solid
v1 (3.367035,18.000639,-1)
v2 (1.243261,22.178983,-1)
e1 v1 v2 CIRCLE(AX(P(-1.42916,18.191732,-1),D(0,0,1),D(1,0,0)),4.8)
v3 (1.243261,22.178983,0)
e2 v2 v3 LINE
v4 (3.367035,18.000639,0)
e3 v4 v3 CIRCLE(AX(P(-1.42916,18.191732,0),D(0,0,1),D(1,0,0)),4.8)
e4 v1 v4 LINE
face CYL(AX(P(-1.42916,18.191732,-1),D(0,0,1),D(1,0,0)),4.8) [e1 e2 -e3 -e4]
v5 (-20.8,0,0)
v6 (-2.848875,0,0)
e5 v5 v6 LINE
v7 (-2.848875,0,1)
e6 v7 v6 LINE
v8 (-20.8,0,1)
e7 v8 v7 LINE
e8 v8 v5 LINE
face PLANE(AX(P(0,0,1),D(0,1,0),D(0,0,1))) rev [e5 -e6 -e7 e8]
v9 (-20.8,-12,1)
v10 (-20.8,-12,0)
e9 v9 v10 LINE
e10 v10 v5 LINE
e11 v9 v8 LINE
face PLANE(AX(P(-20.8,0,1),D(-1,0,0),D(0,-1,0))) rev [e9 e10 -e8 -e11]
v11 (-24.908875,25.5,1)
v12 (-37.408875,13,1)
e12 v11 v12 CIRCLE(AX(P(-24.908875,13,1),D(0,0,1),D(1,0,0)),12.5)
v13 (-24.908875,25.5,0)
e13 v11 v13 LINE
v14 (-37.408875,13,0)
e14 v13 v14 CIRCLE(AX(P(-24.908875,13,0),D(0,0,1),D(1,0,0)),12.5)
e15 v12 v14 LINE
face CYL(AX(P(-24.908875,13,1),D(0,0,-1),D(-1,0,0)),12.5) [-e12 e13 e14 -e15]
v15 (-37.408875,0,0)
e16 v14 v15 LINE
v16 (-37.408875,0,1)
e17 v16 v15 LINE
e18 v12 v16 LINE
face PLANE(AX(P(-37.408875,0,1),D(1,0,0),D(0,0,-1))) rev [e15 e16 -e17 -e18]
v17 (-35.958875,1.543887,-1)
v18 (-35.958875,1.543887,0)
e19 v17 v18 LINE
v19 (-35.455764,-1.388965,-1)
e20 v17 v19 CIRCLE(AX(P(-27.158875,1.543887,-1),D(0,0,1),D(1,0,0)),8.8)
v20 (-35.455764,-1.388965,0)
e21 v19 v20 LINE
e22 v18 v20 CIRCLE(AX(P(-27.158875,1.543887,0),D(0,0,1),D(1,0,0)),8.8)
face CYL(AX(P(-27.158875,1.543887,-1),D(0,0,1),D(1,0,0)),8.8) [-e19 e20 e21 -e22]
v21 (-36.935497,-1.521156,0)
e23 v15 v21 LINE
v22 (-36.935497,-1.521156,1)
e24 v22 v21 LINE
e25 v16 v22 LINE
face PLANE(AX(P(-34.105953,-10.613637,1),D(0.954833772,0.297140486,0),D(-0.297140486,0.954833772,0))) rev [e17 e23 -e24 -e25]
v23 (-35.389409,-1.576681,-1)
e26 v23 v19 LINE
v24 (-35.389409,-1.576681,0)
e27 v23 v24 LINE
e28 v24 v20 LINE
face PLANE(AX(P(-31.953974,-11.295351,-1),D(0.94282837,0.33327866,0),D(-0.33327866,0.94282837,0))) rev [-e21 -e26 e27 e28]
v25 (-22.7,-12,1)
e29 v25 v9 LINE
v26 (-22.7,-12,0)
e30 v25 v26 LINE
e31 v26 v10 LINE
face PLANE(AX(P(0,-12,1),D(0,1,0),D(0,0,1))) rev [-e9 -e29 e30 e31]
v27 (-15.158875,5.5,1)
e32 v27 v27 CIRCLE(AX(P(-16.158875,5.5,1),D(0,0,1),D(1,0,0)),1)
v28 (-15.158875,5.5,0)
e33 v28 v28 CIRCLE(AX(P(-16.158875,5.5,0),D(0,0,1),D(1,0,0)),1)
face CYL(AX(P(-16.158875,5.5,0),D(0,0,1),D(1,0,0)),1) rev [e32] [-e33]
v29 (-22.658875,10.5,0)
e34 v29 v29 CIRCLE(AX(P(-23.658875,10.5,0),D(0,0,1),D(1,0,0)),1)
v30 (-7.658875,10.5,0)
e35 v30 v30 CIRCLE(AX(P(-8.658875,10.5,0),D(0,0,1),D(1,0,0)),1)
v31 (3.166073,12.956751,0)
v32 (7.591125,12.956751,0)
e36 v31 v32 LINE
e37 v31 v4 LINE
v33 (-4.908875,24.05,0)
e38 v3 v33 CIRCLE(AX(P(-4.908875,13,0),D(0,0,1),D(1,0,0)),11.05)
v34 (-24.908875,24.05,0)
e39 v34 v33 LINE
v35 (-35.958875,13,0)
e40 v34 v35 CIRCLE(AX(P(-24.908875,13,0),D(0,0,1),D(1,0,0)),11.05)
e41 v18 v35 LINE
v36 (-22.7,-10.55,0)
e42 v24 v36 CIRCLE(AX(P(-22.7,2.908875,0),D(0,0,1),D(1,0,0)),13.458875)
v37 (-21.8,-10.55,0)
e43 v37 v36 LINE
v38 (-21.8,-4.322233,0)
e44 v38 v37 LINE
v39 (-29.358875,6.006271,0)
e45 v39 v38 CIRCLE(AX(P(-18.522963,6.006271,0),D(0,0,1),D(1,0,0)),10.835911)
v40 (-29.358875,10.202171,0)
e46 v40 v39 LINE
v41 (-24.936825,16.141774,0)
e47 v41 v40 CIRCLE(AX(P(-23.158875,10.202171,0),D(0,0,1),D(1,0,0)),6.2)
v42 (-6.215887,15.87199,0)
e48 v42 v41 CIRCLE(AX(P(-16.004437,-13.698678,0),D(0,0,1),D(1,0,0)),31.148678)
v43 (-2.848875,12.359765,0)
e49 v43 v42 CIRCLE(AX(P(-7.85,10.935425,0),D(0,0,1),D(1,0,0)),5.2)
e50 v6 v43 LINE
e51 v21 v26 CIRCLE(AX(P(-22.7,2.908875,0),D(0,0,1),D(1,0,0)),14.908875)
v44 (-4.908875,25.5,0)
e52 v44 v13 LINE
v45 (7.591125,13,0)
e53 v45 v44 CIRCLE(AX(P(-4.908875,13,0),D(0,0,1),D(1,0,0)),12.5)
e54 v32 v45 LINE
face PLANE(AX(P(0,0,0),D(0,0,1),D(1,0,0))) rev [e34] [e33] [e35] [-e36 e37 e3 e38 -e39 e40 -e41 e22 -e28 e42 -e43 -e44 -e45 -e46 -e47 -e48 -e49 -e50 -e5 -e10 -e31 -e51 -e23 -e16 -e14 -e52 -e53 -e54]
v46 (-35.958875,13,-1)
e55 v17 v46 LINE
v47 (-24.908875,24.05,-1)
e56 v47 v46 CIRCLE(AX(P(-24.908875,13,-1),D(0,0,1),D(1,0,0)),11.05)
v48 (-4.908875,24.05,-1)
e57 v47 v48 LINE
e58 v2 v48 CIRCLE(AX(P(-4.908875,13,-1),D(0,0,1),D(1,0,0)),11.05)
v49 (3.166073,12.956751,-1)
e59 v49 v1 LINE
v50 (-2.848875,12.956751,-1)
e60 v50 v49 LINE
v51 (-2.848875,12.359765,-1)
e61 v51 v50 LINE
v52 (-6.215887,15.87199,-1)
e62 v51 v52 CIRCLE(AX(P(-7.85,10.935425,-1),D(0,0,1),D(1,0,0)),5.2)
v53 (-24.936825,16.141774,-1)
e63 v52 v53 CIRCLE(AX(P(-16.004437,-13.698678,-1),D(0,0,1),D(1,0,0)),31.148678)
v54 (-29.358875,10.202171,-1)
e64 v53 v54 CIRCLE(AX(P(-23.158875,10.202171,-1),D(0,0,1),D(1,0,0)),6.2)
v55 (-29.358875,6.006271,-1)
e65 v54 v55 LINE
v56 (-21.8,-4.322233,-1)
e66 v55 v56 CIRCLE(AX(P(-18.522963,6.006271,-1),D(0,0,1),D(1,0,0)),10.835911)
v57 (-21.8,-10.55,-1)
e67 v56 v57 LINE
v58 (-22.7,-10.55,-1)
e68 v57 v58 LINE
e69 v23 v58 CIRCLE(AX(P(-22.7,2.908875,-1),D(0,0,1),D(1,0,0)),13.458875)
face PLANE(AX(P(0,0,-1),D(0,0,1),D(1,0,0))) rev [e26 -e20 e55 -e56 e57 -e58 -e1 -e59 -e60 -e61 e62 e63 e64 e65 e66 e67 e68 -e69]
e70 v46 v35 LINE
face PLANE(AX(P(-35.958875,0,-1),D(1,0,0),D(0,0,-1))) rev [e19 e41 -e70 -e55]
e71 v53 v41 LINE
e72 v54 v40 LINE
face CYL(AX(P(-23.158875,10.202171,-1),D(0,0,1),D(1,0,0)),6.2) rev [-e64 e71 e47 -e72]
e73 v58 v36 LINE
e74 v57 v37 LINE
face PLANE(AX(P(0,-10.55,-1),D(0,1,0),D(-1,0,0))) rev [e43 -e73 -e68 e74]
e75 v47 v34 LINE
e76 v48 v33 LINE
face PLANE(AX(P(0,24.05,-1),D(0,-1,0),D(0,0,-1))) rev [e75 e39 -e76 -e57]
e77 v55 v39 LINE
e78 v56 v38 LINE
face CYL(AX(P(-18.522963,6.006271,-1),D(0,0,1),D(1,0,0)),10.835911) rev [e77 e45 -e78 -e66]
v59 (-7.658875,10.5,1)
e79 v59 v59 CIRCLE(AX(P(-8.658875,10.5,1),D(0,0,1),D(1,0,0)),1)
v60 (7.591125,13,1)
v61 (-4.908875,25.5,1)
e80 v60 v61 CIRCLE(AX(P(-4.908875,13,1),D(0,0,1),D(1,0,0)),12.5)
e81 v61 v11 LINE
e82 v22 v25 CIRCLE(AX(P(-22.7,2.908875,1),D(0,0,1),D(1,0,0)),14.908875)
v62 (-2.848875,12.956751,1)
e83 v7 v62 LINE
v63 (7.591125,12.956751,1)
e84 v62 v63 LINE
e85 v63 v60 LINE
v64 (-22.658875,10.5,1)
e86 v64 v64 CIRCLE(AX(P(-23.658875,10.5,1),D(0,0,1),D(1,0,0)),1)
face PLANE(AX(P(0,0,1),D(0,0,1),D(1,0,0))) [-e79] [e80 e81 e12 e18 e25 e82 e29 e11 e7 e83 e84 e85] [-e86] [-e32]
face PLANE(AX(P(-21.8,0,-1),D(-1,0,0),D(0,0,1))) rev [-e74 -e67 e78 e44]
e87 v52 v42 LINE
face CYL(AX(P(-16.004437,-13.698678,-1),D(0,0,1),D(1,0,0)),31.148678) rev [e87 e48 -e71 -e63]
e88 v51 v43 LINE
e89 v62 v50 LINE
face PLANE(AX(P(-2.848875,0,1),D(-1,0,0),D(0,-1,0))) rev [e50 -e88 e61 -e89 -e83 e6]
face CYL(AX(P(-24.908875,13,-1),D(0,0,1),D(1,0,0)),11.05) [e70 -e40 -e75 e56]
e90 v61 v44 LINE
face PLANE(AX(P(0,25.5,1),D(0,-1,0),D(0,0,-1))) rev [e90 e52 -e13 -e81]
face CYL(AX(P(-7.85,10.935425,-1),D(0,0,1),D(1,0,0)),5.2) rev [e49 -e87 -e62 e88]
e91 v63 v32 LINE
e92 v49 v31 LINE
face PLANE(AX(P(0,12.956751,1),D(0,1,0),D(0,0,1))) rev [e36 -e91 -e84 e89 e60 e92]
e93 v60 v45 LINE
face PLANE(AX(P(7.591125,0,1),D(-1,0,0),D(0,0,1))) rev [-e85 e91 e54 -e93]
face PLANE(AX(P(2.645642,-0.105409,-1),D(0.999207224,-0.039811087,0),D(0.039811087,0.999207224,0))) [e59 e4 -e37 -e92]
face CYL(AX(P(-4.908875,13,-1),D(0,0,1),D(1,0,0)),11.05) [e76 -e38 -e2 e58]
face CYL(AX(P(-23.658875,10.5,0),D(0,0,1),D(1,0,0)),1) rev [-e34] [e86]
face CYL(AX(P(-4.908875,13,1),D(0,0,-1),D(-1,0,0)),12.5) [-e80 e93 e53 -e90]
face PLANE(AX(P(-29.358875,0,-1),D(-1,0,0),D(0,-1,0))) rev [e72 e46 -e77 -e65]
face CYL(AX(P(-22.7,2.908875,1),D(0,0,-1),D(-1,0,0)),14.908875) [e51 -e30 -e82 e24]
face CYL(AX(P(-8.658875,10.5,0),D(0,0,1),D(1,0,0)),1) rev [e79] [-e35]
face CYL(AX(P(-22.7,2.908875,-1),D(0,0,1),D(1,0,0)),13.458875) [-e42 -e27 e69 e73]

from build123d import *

# Parameters (mm, degrees)
BOSS_EXTRUDE1_DEPTH = 1
SKETCH2_R           = 1
CUT_EXTRUDE1_DEPTH  = 2
BOSS_EXTRUDE3_DEPTH = 2


with BuildPart() as part:
    # Sketch1 → Boss-Extrude1 (new body)
    with BuildSketch(Plane.XY):
        with BuildLine():
            Line((-37.408874503, 0), (-36.935496874, -1.52115571))
            ThreePointArc((-36.935496874, -1.52115571), (-31.538206109, -9.097817453), (-22.7, -12))
            Line((-22.7, -12), (-20.8, -12))
            Line((-20.8, -12), (-20.8, 0))
            Line((-20.8, 0), (-2.848874503, 0))
            Line((-2.848874503, 0), (-2.848874503, 12.956751258))
            Line((-2.848874503, 12.956751258), (6.330544431, 12.956751258))
            Line((6.330544431, 12.956751258), (7.591125497, 12.956751258))
            Line((7.591125497, 12.956751258), (7.591125497, 13))
            ThreePointArc((7.591125497, 13), (3.929960262, 21.838834765), (-4.908874503, 25.5))
            Line((-4.908874503, 25.5), (-24.908874503, 25.5))
            ThreePointArc((-24.908874503, 25.5), (-33.747709268, 21.838834765), (-37.408874503, 13))
            Line((-37.408874503, 13), (-37.408874503, 0))
        make_face()
    extrude(amount=BOSS_EXTRUDE1_DEPTH)

    # Sketch2 → Cut-Extrude1 (cut, through all)
    with BuildSketch(Plane.XY.offset(1)):
        with Locations((-8.658874503, 10.5)):
            Circle(SKETCH2_R)
        with Locations((-23.658874503, 10.5)):
            Circle(SKETCH2_R)
        with Locations((-16.158874503, 5.5)):
            Circle(SKETCH2_R)
    extrude(amount=-CUT_EXTRUDE1_DEPTH, mode=Mode.SUBTRACT)

    # Sketch8 → Boss-Extrude3 (add)
    with BuildSketch(Plane.XY.offset(1)):
        with BuildLine():
            Line((-2.848874503, 12.956751258), (3.166072925, 12.956751258))
            Line((3.166072925, 12.956751258), (3.367034903, 18.000639192))
            ThreePointArc((3.367034903, 18.000639192), (2.849823018, 20.366659135), (1.243261137, 22.178982899))
            ThreePointArc((1.243261137, 22.178982899), (-1.693696517, 23.571902881), (-4.908874503, 24.05))
            Line((-4.908874503, 24.05), (-24.908874503, 24.05))
            ThreePointArc((-24.908874503, 24.05), (-32.722404435, 20.813529932), (-35.958874503, 13))
            Line((-35.958874503, 13), (-35.958874503, 1.543887245))
            ThreePointArc((-35.958874503, 1.543887245), (-35.832184971, 0.056041311), (-35.455764157, -1.388964962))
            Line((-35.455764157, -1.388964962), (-35.389408707, -1.576681154))
            ThreePointArc((-35.389408707, -1.576681154), (-30.47080344, -8.080025204), (-22.7, -10.55))
            Line((-22.7, -10.55), (-21.8, -10.55))
            Line((-21.8, -10.55), (-21.8, -4.322233026))
            ThreePointArc((-21.8, -4.322233026), (-27.267294325, -0.393232372), (-29.358874503, 6.006271182))
            Line((-29.358874503, 6.006271182), (-29.358874503, 10.202170558))
            ThreePointArc((-29.358874503, 10.202170558), (-28.131966709, 13.904649986), (-24.936824853, 16.141774295))
            ThreePointArc((-24.936824853, 16.141774295), (-15.555605997, 17.446766156), (-6.215886942, 15.87199031))
            ThreePointArc((-6.215886942, 15.87199031), (-4.096264622, 14.53396256), (-2.848874503, 12.359765022))
            Line((-2.848874503, 12.359765022), (-2.848874503, 12.956751258))
        make_face()
    extrude(amount=-BOSS_EXTRUDE3_DEPTH)


solid = part.part
